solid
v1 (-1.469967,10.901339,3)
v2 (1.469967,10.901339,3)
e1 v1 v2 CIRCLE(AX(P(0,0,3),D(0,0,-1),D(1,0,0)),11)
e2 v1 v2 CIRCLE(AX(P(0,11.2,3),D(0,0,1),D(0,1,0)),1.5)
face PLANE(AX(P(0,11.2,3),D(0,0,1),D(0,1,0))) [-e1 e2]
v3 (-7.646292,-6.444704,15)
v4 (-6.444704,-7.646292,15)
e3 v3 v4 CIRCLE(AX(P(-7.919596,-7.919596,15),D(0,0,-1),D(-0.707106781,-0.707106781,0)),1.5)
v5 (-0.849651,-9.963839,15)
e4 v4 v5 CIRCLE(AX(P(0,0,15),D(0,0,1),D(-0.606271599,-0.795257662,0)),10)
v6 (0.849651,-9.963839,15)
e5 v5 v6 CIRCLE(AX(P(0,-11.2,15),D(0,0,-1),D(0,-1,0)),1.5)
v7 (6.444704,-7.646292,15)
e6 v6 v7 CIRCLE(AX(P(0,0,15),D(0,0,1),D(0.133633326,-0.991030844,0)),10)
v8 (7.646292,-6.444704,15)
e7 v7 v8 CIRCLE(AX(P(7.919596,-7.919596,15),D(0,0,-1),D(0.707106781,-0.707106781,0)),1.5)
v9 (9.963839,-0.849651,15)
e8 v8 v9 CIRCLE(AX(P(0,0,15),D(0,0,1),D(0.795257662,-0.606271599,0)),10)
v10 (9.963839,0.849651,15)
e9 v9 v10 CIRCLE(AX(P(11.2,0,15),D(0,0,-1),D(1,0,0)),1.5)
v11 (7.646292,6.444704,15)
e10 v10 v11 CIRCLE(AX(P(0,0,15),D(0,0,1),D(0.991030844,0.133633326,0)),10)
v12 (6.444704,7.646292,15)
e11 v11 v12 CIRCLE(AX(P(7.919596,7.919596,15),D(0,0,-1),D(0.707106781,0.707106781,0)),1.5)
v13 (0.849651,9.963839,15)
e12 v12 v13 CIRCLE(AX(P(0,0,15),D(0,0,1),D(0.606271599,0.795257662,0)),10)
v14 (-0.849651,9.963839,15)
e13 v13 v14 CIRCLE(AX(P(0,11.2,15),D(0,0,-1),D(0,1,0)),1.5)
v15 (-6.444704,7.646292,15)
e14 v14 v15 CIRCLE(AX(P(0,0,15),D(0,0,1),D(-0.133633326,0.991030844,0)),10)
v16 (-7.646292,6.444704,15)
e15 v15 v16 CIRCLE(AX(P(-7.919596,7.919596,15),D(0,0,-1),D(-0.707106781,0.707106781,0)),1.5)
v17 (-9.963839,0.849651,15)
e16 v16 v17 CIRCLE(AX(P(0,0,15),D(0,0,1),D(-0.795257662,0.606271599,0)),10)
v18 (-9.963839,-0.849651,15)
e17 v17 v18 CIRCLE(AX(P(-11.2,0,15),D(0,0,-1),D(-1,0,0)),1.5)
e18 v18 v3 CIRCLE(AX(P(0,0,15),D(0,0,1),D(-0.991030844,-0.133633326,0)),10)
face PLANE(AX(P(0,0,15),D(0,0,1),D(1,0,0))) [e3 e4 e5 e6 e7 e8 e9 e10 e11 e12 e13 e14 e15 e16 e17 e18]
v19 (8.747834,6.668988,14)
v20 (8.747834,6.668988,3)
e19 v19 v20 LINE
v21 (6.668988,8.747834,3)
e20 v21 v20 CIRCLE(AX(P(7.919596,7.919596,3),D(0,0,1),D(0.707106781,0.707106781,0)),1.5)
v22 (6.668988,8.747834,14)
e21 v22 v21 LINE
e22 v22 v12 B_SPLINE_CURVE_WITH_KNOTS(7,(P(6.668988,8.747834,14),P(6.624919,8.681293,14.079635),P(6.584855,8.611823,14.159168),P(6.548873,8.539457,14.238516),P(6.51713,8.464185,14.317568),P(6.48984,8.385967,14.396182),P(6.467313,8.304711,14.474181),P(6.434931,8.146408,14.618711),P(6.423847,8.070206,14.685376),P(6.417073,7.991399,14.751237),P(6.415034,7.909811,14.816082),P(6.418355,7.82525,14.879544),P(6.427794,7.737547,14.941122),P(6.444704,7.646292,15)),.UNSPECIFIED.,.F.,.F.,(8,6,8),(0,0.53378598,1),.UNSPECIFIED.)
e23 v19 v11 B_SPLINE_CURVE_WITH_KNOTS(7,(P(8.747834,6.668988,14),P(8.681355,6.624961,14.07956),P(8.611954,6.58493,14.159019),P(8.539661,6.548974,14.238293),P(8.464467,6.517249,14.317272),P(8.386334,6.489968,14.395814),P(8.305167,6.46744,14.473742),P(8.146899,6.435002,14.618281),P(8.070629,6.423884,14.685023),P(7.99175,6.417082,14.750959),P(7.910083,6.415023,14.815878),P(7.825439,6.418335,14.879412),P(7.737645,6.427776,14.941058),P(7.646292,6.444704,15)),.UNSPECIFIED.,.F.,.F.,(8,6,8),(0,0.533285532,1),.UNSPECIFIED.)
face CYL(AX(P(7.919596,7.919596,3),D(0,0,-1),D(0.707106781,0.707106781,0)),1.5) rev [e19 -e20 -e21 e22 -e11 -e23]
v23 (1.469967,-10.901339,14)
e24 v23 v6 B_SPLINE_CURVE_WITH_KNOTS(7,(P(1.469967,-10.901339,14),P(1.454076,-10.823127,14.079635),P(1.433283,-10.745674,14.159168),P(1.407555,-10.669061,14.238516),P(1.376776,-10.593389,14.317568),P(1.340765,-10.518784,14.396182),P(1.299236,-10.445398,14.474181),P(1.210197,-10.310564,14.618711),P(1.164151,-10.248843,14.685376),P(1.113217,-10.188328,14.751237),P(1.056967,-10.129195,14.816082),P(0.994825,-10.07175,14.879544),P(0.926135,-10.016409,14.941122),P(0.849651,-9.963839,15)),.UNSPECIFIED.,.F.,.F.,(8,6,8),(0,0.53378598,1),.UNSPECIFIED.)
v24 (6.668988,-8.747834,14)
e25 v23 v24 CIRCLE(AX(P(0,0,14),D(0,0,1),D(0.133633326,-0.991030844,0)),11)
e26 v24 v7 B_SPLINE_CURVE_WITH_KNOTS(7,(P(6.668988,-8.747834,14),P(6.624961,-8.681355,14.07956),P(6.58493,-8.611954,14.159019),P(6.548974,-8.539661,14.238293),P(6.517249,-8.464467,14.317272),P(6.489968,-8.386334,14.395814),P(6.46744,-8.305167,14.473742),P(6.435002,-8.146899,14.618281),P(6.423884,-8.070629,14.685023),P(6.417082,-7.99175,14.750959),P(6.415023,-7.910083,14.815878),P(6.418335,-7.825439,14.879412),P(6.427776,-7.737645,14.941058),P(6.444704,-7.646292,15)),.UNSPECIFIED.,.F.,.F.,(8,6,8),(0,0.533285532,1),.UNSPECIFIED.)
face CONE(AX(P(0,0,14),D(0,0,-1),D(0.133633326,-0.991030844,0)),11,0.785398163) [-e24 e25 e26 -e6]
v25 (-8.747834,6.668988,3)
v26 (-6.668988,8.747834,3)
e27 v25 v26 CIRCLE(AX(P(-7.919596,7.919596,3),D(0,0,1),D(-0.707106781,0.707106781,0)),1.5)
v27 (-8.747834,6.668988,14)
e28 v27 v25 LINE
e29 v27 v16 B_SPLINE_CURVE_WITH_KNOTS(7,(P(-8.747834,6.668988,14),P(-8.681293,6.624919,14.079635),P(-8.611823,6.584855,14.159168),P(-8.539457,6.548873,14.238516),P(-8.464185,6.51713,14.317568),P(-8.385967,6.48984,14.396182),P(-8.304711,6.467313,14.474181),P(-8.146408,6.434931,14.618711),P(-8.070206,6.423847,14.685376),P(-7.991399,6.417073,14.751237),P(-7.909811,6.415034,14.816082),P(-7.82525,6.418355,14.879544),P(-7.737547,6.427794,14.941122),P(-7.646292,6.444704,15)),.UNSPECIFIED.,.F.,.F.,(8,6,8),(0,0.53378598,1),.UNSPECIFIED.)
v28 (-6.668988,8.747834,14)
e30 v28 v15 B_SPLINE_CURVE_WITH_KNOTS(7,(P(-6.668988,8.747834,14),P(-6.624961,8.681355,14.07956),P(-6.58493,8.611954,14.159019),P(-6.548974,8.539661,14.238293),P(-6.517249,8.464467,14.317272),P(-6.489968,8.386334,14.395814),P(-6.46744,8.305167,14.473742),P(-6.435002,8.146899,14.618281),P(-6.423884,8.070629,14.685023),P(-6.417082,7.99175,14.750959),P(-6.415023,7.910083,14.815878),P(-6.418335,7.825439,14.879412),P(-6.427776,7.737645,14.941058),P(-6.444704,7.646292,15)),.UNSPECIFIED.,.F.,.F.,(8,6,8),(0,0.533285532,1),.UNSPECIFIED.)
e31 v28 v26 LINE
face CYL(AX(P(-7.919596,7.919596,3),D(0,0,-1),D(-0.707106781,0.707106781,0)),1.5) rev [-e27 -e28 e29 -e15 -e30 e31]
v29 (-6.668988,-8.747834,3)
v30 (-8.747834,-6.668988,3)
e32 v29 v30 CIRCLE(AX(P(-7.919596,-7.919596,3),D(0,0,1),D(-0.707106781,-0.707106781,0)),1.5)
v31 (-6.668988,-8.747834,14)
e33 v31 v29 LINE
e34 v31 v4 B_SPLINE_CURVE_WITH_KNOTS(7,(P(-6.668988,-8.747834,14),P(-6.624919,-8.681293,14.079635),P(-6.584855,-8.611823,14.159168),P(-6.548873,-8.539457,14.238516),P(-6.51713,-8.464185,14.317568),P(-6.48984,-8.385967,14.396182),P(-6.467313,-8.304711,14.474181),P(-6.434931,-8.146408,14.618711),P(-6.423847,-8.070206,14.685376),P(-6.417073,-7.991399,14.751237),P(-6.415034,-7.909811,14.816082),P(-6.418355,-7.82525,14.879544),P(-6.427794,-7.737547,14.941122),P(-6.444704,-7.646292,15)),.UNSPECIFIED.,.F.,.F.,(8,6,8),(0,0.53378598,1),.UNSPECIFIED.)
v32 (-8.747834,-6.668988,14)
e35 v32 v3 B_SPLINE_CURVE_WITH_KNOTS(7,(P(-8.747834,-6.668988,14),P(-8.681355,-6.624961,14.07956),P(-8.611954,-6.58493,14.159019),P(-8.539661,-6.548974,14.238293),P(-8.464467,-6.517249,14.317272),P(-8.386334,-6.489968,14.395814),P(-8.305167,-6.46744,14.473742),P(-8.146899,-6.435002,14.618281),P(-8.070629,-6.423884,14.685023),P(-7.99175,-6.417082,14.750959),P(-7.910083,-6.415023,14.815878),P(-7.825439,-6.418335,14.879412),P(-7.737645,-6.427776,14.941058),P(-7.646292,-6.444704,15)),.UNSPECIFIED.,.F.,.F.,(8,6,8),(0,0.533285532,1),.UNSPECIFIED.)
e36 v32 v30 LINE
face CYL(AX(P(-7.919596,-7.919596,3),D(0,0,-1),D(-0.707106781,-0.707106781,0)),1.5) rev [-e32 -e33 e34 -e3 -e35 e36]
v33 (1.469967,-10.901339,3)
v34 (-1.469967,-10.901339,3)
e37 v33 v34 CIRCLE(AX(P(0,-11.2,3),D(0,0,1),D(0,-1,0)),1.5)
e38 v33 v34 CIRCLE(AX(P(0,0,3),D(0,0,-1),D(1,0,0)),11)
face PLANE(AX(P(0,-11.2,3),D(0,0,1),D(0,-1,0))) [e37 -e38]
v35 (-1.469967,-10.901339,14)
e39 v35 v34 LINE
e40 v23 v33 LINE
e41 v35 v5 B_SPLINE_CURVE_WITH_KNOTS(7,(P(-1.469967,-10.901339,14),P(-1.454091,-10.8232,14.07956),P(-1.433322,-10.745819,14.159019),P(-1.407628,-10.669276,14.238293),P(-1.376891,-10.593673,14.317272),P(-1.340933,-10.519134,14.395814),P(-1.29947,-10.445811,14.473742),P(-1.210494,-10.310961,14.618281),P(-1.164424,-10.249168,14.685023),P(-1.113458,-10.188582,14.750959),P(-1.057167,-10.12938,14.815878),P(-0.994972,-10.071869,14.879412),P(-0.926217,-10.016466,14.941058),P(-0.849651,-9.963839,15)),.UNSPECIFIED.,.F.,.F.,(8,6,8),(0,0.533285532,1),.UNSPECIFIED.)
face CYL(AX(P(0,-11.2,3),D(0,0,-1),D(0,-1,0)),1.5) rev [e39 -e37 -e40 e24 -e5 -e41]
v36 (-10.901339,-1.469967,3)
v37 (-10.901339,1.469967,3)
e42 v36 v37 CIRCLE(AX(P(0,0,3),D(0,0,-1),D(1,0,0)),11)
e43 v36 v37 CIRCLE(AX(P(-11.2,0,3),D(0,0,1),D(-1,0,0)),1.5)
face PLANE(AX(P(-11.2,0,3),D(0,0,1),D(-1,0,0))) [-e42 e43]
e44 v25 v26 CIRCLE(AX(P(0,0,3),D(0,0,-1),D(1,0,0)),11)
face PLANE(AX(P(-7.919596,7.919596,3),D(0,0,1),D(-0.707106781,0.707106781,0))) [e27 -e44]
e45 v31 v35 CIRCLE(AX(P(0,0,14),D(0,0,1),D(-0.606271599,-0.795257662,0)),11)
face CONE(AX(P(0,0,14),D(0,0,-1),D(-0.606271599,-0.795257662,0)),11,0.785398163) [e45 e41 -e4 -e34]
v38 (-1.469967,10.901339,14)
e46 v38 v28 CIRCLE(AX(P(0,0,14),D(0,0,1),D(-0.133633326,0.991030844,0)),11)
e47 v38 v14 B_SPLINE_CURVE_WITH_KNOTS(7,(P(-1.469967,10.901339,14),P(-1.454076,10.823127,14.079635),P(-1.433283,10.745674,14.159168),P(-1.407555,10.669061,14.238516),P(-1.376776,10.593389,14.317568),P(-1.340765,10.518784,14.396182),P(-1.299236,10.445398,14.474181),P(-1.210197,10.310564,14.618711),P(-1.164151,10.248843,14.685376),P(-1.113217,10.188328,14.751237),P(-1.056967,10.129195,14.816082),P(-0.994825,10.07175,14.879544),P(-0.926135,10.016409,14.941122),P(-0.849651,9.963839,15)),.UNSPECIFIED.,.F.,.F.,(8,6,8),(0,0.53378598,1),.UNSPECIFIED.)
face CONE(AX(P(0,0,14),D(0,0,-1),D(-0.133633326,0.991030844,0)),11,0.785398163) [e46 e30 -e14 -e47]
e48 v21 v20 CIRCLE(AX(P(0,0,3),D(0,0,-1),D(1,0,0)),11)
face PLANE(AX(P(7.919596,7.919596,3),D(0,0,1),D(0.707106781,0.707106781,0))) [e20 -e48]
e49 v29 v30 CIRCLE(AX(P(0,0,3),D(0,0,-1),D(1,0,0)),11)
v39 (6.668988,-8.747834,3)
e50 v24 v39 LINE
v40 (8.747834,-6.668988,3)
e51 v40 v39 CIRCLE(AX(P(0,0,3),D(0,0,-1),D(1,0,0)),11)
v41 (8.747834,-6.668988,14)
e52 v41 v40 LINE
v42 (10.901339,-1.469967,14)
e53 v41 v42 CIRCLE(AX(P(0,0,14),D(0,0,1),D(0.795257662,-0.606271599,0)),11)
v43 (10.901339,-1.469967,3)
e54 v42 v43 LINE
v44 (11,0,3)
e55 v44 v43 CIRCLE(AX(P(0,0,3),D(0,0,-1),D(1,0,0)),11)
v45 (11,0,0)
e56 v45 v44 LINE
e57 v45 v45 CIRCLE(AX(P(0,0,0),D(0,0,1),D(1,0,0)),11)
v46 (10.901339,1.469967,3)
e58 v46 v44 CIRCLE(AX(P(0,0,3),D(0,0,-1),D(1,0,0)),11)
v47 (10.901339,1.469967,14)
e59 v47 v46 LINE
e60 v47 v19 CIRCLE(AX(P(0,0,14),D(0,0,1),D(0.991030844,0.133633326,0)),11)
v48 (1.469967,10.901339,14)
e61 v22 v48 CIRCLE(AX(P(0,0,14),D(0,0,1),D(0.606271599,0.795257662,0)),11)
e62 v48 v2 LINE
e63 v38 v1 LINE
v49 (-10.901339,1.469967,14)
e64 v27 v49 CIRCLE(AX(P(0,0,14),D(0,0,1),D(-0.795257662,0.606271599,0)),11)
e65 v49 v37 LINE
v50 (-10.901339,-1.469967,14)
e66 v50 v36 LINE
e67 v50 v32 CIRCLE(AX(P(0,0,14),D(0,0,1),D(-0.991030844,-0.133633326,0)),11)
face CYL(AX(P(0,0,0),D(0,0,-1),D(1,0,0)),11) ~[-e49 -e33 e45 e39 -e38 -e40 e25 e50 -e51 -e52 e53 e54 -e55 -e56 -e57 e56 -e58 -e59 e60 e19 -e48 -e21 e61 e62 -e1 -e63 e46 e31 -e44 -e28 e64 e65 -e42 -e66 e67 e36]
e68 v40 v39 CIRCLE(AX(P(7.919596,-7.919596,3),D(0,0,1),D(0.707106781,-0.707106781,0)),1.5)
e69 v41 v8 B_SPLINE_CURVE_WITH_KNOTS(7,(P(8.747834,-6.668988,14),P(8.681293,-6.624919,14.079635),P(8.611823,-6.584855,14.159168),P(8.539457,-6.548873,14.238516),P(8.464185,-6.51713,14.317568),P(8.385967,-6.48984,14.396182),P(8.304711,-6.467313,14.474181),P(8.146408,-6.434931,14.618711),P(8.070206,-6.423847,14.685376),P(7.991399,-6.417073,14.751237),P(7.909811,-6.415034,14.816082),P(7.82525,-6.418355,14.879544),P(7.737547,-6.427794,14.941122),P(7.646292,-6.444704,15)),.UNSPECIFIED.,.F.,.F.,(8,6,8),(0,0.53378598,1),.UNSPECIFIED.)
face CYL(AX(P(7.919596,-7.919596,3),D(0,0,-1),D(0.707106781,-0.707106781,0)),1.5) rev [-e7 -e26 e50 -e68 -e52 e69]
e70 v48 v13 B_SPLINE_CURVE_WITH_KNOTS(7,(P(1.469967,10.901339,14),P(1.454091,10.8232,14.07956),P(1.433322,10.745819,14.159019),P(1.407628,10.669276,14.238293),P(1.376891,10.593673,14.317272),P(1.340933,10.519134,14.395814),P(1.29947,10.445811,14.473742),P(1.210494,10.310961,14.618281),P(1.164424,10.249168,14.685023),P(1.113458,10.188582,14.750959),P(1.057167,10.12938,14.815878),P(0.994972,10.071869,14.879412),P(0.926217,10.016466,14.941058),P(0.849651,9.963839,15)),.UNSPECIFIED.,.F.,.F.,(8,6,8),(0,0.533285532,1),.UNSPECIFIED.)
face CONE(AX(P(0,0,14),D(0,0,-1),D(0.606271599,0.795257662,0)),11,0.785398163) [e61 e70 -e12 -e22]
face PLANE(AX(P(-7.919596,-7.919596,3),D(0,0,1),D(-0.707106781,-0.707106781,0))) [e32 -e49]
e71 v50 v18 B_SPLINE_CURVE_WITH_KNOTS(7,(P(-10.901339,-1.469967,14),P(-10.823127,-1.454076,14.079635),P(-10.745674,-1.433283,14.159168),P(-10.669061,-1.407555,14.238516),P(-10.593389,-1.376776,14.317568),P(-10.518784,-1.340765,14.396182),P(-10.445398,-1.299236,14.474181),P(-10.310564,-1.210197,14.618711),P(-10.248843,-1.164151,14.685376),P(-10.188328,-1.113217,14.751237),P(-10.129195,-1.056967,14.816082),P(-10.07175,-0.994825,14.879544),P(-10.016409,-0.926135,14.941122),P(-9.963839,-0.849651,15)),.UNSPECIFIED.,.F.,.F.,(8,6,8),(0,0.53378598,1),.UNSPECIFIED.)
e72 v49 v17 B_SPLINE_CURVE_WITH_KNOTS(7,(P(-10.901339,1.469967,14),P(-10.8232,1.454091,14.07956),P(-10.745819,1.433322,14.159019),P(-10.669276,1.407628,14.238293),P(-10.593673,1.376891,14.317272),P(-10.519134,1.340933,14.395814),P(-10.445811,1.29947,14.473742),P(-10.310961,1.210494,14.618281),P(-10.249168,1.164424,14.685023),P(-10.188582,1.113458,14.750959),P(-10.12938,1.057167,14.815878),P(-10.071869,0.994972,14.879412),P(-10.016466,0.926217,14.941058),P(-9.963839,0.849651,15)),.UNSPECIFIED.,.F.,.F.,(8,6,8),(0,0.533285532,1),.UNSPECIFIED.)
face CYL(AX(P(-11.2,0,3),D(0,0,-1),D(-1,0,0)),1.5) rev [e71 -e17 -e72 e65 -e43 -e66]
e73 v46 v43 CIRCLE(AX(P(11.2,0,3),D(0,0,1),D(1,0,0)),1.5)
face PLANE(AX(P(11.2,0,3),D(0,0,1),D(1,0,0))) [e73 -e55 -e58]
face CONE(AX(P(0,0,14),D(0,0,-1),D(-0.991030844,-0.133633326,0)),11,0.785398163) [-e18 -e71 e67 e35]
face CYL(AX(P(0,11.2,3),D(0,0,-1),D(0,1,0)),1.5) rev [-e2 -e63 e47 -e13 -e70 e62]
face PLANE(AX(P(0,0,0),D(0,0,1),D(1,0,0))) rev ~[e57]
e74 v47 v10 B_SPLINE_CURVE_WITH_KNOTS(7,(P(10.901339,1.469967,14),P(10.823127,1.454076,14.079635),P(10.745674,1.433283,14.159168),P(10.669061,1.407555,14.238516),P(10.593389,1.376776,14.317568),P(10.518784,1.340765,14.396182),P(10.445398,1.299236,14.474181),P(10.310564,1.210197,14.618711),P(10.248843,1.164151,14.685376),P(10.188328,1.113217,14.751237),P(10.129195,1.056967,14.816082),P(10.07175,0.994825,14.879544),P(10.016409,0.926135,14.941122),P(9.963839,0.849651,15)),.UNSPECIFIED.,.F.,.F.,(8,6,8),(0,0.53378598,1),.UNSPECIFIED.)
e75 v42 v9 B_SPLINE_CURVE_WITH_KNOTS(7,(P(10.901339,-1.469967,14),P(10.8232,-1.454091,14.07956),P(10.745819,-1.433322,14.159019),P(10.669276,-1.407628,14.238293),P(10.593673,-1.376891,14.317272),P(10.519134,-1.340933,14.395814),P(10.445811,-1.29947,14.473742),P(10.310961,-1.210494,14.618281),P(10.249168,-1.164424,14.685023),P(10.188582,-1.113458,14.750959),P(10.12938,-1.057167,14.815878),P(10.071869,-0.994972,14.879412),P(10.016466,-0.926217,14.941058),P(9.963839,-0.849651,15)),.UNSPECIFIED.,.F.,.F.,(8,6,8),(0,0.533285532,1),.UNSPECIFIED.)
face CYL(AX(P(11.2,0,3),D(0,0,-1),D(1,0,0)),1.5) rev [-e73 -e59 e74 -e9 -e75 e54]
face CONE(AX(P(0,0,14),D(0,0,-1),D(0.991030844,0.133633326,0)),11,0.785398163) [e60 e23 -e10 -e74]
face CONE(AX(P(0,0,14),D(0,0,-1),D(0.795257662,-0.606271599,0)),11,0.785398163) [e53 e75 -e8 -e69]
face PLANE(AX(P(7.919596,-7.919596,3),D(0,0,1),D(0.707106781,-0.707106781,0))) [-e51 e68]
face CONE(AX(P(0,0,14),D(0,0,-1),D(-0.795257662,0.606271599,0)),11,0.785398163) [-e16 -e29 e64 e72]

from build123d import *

# Parameters (mm, degrees)
CYLINDER001_R     = 1.5
CYLINDER001_DEPTH = 20
ARRAY_COUNT       = 8
CYLINDER_R        = 11
CYLINDER_DEPTH    = 15
CHAMFER_SIZE      = 1
CHAMFER001_SIZE   = 1
CHAMFER002_SIZE   = 1
CHAMFER003_SIZE   = 1
CHAMFER004_SIZE   = 1
CHAMFER005_SIZE   = 1
CHAMFER006_SIZE   = 1
CHAMFER007_SIZE   = 1


with BuildPart() as array:
    # Cylinder001 → Cylinder001 (new body)
    with BuildSketch(Plane(origin=(11.2, 0, 3), x_dir=(1, 0, 0), z_dir=(0, 0, 1))):
        Circle(CYLINDER001_R)
    extrude(amount=CYLINDER001_DEPTH)

    # Array: Array ×8 about axis
    array_axis = Axis((0, 0, 0), (0, 0, 1))


with BuildPart() as array_1:
    add(array.part)
    for i in range(1, ARRAY_COUNT):
        add(array.part.rotate(array_axis, i * 360 / ARRAY_COUNT))


with BuildPart() as chamfer007:
    # Cylinder → Cylinder (new body)
    with BuildSketch(Plane.XY):
        Circle(CYLINDER_R)
    extrude(amount=CYLINDER_DEPTH)

    # Cut: cut Array
    add(array_1.part, mode=Mode.SUBTRACT)

    # Chamfer
    chamfer_edges = [chamfer007.edges().sort_by_distance(p)[0] for p in [
        (4.209518, -10.162675, 15),
    ]]
    chamfer(chamfer_edges, length=CHAMFER_SIZE)

    # Chamfer001
    chamfer001_edges = [chamfer007.edges().sort_by_distance(p)[0] for p in [
        (10.162675, -4.209518, 15),
    ]]
    chamfer(chamfer001_edges, length=CHAMFER001_SIZE)

    # Chamfer002
    chamfer002_edges = [chamfer007.edges().sort_by_distance(p)[0] for p in [
        (10.162675, 4.209518, 15),
    ]]
    chamfer(chamfer002_edges, length=CHAMFER002_SIZE)

    # Chamfer003
    chamfer003_edges = [chamfer007.edges().sort_by_distance(p)[0] for p in [
        (4.209518, 10.162675, 15),
    ]]
    chamfer(chamfer003_edges, length=CHAMFER003_SIZE)

    # Chamfer004
    chamfer004_edges = [chamfer007.edges().sort_by_distance(p)[0] for p in [
        (-4.209518, 10.162675, 15),
    ]]
    chamfer(chamfer004_edges, length=CHAMFER004_SIZE)

    # Chamfer005
    chamfer005_edges = [chamfer007.edges().sort_by_distance(p)[0] for p in [
        (-10.162675, 4.209518, 15),
    ]]
    chamfer(chamfer005_edges, length=CHAMFER005_SIZE)

    # Chamfer006
    chamfer006_edges = [chamfer007.edges().sort_by_distance(p)[0] for p in [
        (-10.162675, -4.209518, 15),
    ]]
    chamfer(chamfer006_edges, length=CHAMFER006_SIZE)

    # Chamfer007
    chamfer007_edges = [chamfer007.edges().sort_by_distance(p)[0] for p in [
        (-4.209518, -10.162675, 15),
    ]]
    chamfer(chamfer007_edges, length=CHAMFER007_SIZE)


solid = chamfer007.part
